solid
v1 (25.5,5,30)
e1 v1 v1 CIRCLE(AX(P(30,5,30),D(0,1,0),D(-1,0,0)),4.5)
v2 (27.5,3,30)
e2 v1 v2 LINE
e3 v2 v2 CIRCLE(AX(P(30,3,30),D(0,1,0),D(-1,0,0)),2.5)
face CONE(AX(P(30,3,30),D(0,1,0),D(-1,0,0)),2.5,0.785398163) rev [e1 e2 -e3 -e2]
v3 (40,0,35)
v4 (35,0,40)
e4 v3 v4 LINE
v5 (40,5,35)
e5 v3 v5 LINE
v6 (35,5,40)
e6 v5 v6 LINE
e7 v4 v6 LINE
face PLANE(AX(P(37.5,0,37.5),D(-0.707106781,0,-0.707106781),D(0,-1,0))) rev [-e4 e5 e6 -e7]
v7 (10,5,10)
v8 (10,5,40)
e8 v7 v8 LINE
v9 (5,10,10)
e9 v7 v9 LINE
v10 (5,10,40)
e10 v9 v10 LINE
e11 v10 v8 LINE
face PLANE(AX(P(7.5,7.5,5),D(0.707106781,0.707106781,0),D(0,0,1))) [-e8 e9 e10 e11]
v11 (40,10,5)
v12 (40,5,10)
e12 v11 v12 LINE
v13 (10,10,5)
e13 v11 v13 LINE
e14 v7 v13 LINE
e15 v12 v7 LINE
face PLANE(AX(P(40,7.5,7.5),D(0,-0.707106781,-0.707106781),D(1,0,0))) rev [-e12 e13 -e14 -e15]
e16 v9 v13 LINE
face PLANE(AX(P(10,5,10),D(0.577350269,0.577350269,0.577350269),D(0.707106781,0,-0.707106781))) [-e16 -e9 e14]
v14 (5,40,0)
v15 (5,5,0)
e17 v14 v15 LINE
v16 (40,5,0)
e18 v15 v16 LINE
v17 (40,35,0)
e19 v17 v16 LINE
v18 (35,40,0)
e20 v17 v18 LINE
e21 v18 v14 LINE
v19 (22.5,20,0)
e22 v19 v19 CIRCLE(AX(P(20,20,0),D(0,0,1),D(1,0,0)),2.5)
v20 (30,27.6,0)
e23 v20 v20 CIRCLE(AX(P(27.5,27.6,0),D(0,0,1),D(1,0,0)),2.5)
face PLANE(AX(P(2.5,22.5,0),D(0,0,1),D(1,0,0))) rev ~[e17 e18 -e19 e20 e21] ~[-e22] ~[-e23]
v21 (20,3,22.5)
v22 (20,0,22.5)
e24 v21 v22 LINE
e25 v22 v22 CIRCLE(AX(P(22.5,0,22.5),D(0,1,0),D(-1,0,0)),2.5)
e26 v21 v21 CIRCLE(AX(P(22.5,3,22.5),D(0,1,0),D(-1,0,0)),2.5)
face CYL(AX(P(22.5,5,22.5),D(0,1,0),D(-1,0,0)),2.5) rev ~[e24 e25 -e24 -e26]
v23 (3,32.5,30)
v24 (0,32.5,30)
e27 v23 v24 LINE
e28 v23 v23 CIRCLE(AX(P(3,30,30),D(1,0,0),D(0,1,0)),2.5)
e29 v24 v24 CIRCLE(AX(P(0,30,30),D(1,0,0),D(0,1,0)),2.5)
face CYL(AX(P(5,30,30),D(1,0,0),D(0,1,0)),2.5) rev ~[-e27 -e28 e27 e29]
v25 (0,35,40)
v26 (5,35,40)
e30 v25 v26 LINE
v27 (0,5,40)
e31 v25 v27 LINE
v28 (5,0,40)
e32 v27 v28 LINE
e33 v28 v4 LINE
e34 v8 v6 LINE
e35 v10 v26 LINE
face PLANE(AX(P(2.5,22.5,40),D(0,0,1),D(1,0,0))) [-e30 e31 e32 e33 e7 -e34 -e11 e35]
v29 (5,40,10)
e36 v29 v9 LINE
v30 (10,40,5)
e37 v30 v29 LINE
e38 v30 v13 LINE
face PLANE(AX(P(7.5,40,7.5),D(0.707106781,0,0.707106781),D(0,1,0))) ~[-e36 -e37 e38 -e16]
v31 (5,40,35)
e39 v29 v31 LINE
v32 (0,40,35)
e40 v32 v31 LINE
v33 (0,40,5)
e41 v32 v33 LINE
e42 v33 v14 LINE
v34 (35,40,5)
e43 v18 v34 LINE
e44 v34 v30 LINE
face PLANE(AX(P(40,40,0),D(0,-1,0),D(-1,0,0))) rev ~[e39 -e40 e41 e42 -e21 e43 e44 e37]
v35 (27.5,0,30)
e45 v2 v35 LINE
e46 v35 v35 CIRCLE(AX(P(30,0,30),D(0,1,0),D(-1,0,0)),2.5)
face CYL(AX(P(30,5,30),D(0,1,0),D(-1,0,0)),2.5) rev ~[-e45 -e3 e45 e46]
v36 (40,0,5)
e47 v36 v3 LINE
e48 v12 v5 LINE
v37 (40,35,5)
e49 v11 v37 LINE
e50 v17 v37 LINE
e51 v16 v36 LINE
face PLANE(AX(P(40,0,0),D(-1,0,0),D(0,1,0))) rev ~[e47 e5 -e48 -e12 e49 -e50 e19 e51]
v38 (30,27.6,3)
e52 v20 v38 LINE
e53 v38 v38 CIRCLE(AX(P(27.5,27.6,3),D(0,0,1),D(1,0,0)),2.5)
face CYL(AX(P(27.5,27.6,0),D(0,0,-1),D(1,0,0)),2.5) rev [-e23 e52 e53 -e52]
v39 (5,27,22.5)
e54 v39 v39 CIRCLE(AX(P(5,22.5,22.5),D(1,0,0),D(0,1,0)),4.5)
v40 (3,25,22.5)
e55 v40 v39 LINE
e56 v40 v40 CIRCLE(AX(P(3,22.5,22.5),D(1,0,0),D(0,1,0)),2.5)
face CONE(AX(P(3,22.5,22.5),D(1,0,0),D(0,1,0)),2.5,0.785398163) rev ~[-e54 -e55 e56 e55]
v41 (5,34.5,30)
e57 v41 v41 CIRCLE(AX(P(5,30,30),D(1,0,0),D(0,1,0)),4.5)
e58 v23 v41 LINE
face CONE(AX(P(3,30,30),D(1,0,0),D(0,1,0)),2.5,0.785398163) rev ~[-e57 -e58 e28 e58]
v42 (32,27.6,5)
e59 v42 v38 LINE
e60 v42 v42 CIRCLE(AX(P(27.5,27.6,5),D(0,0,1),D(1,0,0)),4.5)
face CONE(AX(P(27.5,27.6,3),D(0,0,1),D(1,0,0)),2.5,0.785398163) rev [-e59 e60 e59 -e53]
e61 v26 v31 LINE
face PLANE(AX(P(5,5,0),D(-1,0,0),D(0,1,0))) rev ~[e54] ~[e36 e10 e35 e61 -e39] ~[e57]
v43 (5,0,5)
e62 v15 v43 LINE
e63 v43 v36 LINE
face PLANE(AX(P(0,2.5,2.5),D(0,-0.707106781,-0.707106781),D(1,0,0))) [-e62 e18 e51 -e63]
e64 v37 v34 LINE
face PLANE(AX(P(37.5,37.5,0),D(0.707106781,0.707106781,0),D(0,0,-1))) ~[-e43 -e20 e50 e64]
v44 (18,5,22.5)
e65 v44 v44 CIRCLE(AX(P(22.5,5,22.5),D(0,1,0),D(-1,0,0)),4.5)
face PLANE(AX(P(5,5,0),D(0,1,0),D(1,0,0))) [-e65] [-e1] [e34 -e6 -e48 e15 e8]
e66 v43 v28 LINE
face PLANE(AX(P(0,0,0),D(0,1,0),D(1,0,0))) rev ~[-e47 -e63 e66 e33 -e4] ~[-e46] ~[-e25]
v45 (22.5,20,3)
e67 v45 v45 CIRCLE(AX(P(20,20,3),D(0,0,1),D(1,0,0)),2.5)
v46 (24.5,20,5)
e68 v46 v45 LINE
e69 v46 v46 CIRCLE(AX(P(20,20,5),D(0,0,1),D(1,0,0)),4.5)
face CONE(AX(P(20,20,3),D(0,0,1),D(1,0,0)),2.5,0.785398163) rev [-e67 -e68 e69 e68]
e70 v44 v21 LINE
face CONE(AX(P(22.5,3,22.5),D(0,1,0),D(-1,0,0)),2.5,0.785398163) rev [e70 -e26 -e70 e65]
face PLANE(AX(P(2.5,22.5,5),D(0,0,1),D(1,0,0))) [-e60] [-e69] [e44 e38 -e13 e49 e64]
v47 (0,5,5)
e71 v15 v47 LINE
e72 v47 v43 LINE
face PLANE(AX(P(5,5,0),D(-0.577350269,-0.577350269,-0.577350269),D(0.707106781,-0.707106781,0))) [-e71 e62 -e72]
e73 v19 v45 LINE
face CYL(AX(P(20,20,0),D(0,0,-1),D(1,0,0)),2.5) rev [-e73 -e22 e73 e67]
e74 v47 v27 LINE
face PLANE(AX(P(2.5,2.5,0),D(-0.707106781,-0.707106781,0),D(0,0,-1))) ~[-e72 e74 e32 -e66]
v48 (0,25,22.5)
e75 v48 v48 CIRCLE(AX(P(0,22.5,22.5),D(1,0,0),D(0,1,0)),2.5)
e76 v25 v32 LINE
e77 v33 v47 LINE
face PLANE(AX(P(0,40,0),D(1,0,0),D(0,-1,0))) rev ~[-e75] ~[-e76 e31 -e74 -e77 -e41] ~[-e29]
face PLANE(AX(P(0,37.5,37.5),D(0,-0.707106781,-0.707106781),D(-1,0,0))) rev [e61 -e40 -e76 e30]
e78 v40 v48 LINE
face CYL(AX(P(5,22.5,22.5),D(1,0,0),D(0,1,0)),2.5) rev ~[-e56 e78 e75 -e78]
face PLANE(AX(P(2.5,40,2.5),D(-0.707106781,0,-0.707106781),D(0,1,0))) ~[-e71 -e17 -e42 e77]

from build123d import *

# Parameters (mm, degrees)
F0_W     = 5
F0_H     = 35
F0_H_2   = 5
F0_W_2   = 35
F0_R     = 2.5
F1_DEPTH = 5
F2_DEPTH = 40
F3_SIZE  = 5
F4_R     = 2.5
F5_DEPTH = 25
F6_R     = 2.5
F7_DEPTH = 25
F8_SIZE  = 2


with BuildPart() as f1:
    # F0 (on Top) → F1 (new body)
    with BuildSketch(Plane.XY):
        with Locations((2.5, 22.5)):
            Rectangle(F0_W, F0_H)
        with Locations((2.5, 2.5)):
            Rectangle(F0_W, F0_H_2)
        with Locations((22.5, 2.5)):
            Rectangle(F0_W_2, F0_H_2)
        with Locations((22.5, 22.5)):
            Rectangle(F0_W_2, F0_H)
        with Locations((20, 20)):
            Circle(F0_R, mode=Mode.SUBTRACT)
        with Locations((27.5, 20)):
            Circle(F0_R, mode=Mode.SUBTRACT)
        with Locations((20, 27.6)):
            Circle(F0_R, mode=Mode.SUBTRACT)
        with Locations((27.5, 27.6)):
            Circle(F0_R, mode=Mode.SUBTRACT)
        with Locations((20, 27.6)):
            Circle(F0_R)
        with Locations((27.5, 20)):
            Circle(F0_R)
    extrude(amount=F1_DEPTH)

    # F0 (on Top) → F2 (join)
    with BuildSketch(Plane.XY):
        with Locations((2.5, 22.5)):
            Rectangle(F0_W, F0_H)
        with Locations((2.5, 2.5)):
            Rectangle(F0_W, F0_H_2)
        with Locations((22.5, 2.5)):
            Rectangle(F0_W_2, F0_H_2)
    extrude(amount=F2_DEPTH)

    # F3
    f3_edges = [f1.edges().sort_by_distance(p)[0] for p in [
        (40, 40, 2.5),
        (2.5, 40, 40),
        (40, 2.5, 40),
        (0, 0, 20),
        (0, 20, 0),
        (20, 0, 0),
        (5, 22.5, 5),
        (5, 5, 22.5),
        (22.5, 5, 5),
    ]]
    chamfer(f3_edges, length=F3_SIZE)

    # F4 (on face) → F5 (cut)
    with BuildSketch(Plane.YZ.offset(5)):
        with Locations((30, 30)):
            Circle(F4_R)
        with Locations((22.5, 22.5)):
            Circle(F4_R)
    extrude(amount=-F5_DEPTH, mode=Mode.SUBTRACT)

    # F6 (on face) → F7 (cut)
    with BuildSketch(Plane(origin=(0, 5, 0), x_dir=(-1, 0, 0), z_dir=(0, 1, 0))):
        with Locations((-22.5, 22.5)):
            Circle(F6_R)
        with Locations((-30, 30)):
            Circle(F6_R)
    extrude(amount=-F7_DEPTH, mode=Mode.SUBTRACT)

    # F8
    f8_edges = [f1.edges().sort_by_distance(p)[0] for p in [
        (5, 27.5, 30),
        (5, 20, 22.5),
        (25, 5, 22.5),
        (32.5, 5, 30),
        (17.5, 20, 5),
        (25, 27.6, 5),
    ]]
    chamfer(f8_edges, length=F8_SIZE)


solid = f1.part
